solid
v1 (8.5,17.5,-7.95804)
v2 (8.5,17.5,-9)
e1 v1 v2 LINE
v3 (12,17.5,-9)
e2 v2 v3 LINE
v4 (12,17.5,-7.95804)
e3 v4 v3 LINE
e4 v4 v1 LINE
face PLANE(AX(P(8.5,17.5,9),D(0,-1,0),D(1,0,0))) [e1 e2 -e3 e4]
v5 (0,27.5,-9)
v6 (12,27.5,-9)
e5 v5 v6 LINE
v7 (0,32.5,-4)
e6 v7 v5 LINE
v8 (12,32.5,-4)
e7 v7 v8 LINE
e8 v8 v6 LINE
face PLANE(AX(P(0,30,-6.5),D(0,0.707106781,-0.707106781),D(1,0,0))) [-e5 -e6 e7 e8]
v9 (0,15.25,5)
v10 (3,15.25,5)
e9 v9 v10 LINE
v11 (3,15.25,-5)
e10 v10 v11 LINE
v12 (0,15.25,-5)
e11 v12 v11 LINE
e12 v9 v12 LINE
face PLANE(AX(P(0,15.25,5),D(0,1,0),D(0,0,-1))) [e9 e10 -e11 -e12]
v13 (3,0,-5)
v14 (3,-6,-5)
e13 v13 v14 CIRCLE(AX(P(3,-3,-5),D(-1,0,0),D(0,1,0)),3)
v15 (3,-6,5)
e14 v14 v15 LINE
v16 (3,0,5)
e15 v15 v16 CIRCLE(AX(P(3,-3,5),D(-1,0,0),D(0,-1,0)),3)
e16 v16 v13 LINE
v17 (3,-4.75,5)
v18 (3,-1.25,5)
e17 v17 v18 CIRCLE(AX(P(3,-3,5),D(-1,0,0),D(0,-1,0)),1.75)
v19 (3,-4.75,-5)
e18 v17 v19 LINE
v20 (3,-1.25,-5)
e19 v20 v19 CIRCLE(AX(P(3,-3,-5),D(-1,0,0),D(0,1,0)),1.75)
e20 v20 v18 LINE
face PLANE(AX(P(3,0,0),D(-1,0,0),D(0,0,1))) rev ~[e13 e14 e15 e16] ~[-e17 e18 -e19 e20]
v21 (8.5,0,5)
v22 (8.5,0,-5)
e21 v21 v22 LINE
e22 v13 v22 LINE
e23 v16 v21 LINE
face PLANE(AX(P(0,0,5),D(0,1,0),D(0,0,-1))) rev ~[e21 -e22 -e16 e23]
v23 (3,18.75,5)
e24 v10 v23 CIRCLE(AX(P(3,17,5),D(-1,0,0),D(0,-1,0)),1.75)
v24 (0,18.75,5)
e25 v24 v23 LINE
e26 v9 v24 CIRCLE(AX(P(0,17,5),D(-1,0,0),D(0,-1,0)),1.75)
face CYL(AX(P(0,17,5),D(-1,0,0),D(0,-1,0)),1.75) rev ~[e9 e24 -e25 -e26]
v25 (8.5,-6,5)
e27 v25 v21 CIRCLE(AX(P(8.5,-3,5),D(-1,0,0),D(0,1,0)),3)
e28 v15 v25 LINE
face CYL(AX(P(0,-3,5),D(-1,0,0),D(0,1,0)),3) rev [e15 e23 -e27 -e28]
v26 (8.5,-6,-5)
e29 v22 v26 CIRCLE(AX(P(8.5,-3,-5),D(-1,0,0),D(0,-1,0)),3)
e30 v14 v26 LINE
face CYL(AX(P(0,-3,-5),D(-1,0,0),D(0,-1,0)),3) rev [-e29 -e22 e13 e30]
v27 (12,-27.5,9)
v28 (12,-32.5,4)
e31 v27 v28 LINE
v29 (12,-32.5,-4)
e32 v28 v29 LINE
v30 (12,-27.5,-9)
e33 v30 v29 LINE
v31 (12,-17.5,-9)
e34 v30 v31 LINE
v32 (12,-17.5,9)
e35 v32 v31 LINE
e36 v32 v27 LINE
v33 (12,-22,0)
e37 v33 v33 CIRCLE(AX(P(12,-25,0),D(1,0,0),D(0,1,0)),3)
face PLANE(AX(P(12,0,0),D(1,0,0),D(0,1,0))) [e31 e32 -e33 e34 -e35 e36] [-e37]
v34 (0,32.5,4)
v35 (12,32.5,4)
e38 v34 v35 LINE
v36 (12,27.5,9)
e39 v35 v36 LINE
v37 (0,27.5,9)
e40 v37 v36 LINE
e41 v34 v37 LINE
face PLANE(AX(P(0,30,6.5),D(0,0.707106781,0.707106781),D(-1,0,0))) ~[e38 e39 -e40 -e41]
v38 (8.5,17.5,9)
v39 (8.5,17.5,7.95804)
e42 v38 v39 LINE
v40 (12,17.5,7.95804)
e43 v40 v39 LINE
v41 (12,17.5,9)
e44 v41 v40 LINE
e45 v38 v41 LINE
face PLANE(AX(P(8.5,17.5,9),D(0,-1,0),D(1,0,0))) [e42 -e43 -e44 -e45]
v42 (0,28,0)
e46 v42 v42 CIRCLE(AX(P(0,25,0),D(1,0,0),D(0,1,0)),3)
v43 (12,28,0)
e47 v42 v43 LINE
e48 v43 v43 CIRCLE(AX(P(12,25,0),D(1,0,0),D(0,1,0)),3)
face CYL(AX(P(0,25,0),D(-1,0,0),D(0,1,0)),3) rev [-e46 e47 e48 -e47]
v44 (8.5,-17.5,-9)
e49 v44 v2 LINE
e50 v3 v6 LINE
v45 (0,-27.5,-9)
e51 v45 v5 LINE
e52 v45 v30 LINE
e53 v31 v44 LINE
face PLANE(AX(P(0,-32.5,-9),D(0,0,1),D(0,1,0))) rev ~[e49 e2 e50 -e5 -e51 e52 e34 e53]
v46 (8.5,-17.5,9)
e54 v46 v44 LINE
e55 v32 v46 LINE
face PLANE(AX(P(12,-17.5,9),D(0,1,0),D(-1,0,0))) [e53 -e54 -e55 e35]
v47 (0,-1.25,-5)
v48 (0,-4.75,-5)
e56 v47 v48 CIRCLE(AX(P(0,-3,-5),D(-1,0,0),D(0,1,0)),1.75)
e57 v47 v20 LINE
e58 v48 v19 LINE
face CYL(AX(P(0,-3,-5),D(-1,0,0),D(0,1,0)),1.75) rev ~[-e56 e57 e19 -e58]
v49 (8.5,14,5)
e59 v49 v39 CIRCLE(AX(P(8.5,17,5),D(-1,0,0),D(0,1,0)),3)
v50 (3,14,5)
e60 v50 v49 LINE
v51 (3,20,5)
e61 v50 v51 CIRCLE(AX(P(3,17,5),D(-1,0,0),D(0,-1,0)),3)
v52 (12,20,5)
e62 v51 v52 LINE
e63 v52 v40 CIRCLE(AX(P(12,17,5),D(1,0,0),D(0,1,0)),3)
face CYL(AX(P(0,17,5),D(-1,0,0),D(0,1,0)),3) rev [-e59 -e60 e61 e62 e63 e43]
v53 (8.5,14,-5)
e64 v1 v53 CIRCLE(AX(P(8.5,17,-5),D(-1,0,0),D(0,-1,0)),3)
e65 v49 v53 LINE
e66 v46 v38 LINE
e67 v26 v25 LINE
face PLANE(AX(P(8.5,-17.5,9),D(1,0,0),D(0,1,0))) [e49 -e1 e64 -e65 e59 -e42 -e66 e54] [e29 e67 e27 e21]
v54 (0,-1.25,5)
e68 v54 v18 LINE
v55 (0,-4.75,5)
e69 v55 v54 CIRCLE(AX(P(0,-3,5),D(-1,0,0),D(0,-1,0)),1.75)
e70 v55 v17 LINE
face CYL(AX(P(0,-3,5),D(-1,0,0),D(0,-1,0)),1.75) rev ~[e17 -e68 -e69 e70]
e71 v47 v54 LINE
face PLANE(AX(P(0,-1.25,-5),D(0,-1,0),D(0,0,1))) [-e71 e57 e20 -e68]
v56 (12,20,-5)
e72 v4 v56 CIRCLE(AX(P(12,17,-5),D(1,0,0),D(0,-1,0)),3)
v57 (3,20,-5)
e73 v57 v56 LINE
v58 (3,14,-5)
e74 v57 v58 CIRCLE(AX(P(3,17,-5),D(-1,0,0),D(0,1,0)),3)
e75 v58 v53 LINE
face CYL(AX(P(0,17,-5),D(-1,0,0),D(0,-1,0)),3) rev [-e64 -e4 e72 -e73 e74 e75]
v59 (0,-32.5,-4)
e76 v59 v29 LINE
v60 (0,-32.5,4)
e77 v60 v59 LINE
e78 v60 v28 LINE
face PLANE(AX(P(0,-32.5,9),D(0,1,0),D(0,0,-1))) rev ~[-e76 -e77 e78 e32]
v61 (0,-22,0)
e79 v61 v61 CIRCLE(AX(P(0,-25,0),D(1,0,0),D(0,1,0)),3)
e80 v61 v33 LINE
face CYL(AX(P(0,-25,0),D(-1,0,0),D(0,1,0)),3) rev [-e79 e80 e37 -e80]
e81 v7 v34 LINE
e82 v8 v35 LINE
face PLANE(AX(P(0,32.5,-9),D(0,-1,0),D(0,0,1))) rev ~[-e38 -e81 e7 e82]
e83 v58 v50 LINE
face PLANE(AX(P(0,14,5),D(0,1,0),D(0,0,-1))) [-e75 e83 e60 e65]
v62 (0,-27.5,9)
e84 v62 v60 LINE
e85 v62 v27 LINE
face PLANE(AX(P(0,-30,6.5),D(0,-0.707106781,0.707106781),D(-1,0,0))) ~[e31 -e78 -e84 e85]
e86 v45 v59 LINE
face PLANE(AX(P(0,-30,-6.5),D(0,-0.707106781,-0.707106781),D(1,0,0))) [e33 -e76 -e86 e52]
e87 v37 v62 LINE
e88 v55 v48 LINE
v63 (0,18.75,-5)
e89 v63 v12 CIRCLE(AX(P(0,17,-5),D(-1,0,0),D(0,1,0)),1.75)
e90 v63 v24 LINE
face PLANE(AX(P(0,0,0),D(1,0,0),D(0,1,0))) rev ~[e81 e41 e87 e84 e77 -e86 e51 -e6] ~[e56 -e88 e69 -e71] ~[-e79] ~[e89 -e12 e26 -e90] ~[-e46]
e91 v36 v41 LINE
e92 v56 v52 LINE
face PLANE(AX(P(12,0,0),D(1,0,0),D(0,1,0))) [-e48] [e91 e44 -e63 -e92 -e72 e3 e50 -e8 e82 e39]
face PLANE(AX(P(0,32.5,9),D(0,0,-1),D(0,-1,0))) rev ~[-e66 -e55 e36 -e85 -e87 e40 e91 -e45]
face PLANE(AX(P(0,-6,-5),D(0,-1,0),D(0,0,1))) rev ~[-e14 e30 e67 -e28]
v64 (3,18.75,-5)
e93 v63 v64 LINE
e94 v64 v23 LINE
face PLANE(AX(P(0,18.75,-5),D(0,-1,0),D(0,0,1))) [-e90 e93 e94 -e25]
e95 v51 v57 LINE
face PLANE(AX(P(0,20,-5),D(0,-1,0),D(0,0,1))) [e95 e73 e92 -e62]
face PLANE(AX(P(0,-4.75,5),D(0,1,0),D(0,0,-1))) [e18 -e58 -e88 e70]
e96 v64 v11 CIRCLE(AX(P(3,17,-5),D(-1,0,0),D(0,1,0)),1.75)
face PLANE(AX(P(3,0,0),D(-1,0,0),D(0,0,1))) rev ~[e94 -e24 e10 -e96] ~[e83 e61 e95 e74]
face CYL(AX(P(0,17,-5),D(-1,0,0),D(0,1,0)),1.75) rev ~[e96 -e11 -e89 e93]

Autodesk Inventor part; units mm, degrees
ref_plane "YZ Plane" through (0, 0, 0) normal (1, 0, 0) x (0, 1, 0)
ref_plane "XZ Plane" through (0, 0, 0) normal (0, 1, 0) x (-1, 0, 0)
ref_plane "XY Plane" through (0, 0, 0) normal (0, 0, 1) x (1, 0, 0)
sketch "Sketch1" plane through (0, 0, 0) normal (1, 0, 0) x (0, 1, 0)
  line L0 (32.5, 9) -> (-32.5, 9)
  line L1 (-32.5, 9) -> (-32.5, -9)
  line L2 (-32.5, -9) -> (32.5, -9)
  line L3 (32.5, -9) -> (32.5, 9)
  line L4 (32.5, 9) -> (-32.5, -9) construction
  line L5 (-32.5, 9) -> (32.5, -9) construction
  circle A0 centre (-25, 0) radius 3
  circle A1 centre (25, 0) radius 3
  line L6 (-3, -5) -> (-3, 5) construction
  line L7 (-6, -5) -> (-6, 5)
  line L8 (0, 5) -> (0, -5)
  arc A2 (-6, -5) -> (0, -5) centre (-3, -5) ccw
  arc A3 (0, 5) -> (-6, 5) centre (-3, 5) ccw
  line L9 (17, -5) -> (17, 5) construction
  line L10 (20, -5) -> (20, 5)
  line L11 (14, 5) -> (14, -5)
  arc A4 (14, -5) -> (20, -5) centre (17, -5) ccw
  arc A5 (20, 5) -> (14, 5) centre (17, 5) ccw
  point P0 (0, 0)
  point P1 (-3, 0)
  point P2 (17, 0)
  point P3 (0, 0)
  dimension "d0" = 25
  dimension "d1" = 50
  dimension "d2" = 65
  dimension "d3" = 6
  dimension "d5" = 20
  dimension "d6" = 10
  dimension "d7" = 3
  dimension "d8" = 18
  dimension "d36" = 3
extrude "Extrusion1" add sketch "Sketch1" along normal blind 12
sketch "Sketch2" plane through (0, 0, 0) normal (-1, 0, 0) x (0, 0, 1)
  line L0 (9, -32.5) -> (-9, -32.5) projected
  line L1 (9, 32.5) -> (9, -32.5) projected
  line L2 (-9, 32.5) -> (9, 32.5) projected
  line L3 (-9, -32.5) -> (-9, 32.5) projected
  circle A0 centre (0, -25) radius 3 projected
  circle A1 centre (0, 25) radius 3 projected
  arc A2 (-5, 20) -> (-5, 14) centre (-5, 17) ccw projected
  line L4 (5, 20) -> (-5, 20) projected
  arc A3 (5, 14) -> (5, 20) centre (5, 17) ccw projected
  line L5 (-5, 14) -> (5, 14) projected
  line L6 (5, 0) -> (-5, 0) projected
  arc A4 (5, -6) -> (5, 0) centre (5, -3) ccw projected
  line L7 (-5, -6) -> (5, -6) projected
  arc A5 (-5, 0) -> (-5, -6) centre (-5, -3) ccw projected
  line L8 (5, 17) -> (-5, 17) construction
  line L9 (5, 15.25) -> (-5, 15.25)
  line L10 (-5, 18.75) -> (5, 18.75)
  arc A6 (5, 15.25) -> (5, 18.75) centre (5, 17) ccw
  arc A7 (-5, 18.75) -> (-5, 15.25) centre (-5, 17) ccw
  line L11 (5, -3) -> (-5, -3) construction
  line L12 (5, -4.75) -> (-5, -4.75)
  line L13 (-5, -1.25) -> (5, -1.25)
  arc A8 (5, -4.75) -> (5, -1.25) centre (5, -3) ccw
  arc A9 (-5, -1.25) -> (-5, -4.75) centre (-5, -3) ccw
  point P0 (0, 0)
  point P1 (0, 17)
  point P2 (0, -3)
  dimension "d11" = 3.5
extrude "Extrusion2" add sketch "Sketch2" against normal blind 3 contours L4 A3 L5 A2 | A4 L7 A5 L6
chamfer "Chamfer1" distance 5 angle 45 4 edges at (6, -32.5, 9) (6, -32.5, -9) (6, 32.5, -9) (6, 32.5, 9)
sketch "Sketch3" plane through (0, -27.5, 9) normal (0, 0, 1) x (1, 0, 0)
  line L0 (0, 55) -> (12, 55) projected
  line L1 (0, 55) -> (0, 0) projected
  line L2 (12, 0) -> (0, 0) projected
  line L3 (12, 55) -> (12, 0) projected
  line L4 (12, 10) -> (8.5, 10)
  line L5 (8.5, 10) -> (8.5, 45)
  line L6 (8.5, 45) -> (12, 45)
  line L7 (12, 45) -> (12, 10)
  line L8 (12, 10) -> (8.5, 45) construction
  line L9 (8.5, 10) -> (12, 45) construction
  point P0 (0, 27.5)
  point P1 (10.25, 27.5)
  point P2 (0, 27.5)
  point P3 (12, 10)
  dimension "d17" = 35
  dimension "d18" = 3.5
extrude "Extrusion3" cut sketch "Sketch3" against normal through all contours L3 L4 L5 L6
equation "\"d1\" = 2 * d0"
equation "\"d36\" = d7"
properties part number "ToolDock_R" material "PET Plastic"
